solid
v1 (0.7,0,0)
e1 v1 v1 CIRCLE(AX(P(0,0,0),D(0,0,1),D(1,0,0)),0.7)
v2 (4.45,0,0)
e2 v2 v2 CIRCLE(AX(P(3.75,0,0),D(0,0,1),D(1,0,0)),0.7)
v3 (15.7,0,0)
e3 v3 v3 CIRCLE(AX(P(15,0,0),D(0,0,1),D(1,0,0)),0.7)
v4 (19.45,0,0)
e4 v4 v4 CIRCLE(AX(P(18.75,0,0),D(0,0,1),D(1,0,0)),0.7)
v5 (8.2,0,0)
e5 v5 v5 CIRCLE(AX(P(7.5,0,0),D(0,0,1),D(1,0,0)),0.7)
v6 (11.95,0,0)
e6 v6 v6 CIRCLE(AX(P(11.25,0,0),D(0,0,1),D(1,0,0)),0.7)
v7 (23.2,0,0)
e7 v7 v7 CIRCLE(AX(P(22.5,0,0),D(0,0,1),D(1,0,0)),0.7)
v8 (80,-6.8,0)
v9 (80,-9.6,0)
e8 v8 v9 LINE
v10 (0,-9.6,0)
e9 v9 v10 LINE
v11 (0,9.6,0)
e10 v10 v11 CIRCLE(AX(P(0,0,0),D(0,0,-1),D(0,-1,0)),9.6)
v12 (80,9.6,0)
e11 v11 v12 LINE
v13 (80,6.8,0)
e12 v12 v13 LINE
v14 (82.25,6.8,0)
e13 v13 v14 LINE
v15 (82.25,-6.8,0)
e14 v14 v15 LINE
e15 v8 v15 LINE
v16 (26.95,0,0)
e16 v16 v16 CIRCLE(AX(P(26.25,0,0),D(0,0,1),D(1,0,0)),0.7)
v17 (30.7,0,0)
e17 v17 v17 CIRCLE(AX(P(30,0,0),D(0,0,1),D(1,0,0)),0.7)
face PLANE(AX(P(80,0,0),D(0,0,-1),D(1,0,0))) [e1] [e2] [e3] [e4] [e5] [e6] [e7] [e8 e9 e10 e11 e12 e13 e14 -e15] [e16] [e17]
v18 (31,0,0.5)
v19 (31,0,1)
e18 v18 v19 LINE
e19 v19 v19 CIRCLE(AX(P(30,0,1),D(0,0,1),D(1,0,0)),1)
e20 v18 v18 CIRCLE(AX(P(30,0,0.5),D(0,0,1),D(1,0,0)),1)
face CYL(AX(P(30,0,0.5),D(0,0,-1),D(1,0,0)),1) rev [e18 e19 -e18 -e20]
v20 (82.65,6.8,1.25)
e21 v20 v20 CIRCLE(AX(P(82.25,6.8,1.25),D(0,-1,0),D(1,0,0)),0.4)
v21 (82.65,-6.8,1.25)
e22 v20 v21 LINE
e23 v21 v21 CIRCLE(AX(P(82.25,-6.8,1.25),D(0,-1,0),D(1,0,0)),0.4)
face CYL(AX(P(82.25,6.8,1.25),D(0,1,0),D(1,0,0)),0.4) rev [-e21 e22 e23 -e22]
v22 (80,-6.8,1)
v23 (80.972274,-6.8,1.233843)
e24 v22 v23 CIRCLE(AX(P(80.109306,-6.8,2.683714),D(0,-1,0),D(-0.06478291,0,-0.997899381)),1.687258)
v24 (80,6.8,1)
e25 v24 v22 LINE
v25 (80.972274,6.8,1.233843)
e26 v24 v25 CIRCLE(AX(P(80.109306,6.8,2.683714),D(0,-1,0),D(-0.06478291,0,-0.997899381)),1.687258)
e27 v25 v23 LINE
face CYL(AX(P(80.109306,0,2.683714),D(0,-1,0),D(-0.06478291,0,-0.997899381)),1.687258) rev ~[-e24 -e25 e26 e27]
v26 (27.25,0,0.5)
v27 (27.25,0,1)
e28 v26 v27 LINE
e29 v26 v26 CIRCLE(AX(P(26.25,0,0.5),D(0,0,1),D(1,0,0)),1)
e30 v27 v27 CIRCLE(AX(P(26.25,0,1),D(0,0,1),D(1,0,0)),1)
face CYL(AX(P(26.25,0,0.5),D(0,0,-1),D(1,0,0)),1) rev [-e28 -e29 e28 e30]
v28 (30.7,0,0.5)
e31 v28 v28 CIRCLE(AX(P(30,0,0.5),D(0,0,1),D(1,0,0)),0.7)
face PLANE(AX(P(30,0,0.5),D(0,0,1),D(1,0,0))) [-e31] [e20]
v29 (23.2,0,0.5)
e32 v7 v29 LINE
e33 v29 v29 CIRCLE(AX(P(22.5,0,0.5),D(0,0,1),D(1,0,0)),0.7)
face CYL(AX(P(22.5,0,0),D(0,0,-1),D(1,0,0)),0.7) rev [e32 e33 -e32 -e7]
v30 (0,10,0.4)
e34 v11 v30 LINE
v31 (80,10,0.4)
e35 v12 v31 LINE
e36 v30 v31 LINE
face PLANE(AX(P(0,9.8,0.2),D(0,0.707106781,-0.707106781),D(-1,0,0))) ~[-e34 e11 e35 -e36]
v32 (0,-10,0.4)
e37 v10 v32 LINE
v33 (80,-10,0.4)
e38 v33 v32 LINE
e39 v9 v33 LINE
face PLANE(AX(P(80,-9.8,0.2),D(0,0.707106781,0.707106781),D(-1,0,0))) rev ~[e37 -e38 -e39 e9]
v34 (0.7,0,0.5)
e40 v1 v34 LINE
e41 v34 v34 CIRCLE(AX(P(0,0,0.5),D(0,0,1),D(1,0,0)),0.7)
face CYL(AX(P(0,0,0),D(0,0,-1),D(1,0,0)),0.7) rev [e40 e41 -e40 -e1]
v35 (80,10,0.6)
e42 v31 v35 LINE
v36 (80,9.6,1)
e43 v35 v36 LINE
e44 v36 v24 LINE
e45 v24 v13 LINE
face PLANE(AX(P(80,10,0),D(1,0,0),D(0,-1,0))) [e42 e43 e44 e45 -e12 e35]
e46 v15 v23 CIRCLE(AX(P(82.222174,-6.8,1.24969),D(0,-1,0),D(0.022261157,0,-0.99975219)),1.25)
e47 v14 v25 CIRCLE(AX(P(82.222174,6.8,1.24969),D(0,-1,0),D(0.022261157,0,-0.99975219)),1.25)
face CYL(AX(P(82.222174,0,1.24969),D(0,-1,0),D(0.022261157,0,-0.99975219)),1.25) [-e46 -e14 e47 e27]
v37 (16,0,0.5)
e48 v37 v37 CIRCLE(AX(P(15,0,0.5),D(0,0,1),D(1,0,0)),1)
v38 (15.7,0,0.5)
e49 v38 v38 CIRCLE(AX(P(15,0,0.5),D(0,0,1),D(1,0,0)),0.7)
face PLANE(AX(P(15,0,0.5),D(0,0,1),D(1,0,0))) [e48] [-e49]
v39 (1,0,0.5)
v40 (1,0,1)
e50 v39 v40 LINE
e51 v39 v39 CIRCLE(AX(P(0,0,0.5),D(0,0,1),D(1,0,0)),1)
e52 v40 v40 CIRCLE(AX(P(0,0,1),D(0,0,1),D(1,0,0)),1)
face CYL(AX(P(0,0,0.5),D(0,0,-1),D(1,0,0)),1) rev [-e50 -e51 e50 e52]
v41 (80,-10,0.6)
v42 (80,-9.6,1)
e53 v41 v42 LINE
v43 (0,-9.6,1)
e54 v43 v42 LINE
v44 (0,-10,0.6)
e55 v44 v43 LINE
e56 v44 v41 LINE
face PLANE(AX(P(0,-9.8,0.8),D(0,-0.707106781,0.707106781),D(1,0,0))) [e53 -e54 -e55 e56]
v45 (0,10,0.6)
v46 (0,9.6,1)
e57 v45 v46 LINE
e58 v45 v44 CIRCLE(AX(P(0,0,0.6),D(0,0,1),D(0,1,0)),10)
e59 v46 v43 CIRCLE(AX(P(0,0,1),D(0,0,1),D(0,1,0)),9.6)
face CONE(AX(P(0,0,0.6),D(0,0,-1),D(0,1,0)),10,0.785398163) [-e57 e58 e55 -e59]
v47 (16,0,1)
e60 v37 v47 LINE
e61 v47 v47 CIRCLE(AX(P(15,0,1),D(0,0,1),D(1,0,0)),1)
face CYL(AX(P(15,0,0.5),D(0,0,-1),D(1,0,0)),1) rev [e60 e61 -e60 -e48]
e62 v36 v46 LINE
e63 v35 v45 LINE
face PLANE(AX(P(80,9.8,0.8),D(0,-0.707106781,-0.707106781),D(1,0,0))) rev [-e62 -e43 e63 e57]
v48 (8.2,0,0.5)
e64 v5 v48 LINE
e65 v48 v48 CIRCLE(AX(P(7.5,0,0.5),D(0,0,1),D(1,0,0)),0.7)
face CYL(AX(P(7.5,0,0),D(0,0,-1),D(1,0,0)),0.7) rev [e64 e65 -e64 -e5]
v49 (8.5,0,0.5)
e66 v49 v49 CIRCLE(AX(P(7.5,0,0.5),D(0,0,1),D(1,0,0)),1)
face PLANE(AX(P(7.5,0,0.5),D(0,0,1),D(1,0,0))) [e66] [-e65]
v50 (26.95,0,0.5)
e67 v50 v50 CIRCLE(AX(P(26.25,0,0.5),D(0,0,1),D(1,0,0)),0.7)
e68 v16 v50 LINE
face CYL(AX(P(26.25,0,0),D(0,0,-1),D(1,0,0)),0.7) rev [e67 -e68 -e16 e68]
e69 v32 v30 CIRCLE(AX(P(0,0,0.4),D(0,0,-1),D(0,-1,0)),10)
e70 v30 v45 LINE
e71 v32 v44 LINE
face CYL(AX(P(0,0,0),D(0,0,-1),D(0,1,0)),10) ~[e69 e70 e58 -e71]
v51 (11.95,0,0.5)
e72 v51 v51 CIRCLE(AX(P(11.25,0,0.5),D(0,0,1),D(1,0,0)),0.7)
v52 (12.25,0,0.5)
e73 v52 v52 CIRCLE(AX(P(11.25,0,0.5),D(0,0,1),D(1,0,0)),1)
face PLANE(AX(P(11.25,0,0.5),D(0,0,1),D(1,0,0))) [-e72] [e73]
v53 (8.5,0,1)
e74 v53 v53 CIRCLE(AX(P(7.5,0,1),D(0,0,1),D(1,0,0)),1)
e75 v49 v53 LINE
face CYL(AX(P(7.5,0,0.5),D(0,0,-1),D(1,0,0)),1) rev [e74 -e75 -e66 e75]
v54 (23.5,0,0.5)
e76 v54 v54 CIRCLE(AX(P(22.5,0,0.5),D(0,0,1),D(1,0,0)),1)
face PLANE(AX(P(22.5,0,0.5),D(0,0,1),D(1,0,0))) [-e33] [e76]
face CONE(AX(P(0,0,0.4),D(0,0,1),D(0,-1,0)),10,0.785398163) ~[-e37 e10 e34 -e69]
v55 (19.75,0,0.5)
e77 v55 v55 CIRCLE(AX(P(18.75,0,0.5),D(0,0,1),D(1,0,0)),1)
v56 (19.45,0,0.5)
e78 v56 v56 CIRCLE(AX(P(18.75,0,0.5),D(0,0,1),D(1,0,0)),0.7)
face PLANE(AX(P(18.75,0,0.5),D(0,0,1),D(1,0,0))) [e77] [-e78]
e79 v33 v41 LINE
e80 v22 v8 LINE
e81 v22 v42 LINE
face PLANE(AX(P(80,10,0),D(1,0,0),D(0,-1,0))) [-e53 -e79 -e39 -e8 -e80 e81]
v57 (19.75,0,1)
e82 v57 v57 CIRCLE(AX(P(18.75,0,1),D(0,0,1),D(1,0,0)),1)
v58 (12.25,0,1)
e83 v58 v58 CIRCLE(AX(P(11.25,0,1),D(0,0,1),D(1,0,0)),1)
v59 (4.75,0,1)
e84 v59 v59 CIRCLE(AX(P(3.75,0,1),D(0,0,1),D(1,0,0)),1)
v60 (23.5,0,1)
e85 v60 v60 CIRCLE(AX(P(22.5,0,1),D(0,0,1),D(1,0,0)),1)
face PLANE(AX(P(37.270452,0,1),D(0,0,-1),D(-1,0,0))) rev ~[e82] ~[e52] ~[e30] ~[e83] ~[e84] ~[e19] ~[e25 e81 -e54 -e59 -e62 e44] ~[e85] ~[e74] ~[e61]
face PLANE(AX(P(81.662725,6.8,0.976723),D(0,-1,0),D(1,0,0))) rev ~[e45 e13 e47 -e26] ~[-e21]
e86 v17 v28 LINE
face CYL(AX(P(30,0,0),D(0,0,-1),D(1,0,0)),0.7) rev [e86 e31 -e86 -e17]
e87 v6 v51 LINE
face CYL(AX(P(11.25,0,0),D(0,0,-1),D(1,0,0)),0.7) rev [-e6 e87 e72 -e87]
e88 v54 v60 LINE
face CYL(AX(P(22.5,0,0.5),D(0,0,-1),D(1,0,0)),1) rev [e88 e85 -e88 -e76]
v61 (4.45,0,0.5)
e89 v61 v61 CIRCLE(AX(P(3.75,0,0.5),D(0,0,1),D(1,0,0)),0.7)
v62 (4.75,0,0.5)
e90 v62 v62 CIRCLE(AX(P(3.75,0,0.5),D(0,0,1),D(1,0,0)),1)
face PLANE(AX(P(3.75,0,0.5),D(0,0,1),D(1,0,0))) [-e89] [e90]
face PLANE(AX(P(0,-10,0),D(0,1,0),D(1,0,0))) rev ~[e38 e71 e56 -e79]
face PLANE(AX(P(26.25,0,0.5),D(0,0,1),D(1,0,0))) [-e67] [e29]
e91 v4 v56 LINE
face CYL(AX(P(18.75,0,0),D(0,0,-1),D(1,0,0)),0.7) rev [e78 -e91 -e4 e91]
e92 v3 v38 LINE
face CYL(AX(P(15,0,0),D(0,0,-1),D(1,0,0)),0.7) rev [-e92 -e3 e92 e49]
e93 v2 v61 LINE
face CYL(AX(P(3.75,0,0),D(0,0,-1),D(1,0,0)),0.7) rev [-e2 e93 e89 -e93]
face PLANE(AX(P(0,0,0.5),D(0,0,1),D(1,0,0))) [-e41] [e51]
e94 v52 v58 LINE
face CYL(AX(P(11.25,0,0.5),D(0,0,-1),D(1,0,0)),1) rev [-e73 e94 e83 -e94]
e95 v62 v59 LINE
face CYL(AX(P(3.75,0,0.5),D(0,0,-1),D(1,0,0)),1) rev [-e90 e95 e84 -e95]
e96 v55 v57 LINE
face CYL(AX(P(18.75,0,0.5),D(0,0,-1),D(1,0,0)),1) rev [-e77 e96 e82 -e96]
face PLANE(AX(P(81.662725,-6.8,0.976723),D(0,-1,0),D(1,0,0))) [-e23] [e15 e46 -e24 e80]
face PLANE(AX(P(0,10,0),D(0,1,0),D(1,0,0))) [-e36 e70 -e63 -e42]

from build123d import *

# Parameters (mm, degrees)
PAD_DEPTH              = 1
PAD001_DEPTH           = 6.8
PAD001_DEPTH_BACK      = 6.8
CYLINDER_R             = 0.4
CYLINDER_DEPTH         = 13.6
CYLINDER001_R          = 1
CYLINDER001_DEPTH      = 0.5
LINEARPATTERN_COUNT    = 9
LINEARPATTERN_PITCH    = 3.75
CYLINDER002_R          = 0.7
CYLINDER002_DEPTH      = 0.5
LINEARPATTERN001_COUNT = 9
LINEARPATTERN001_PITCH = 3.75
CHAMFER_SIZE           = 0.4


with BuildPart() as part:
    # Sketch → Pad (new body)
    with BuildSketch(Plane.XY):
        with BuildLine():
            Line((0, 10), (80, 10))
            Line((80, 10), (80, -10))
            Line((0, -10), (80, -10))
            ThreePointArc((0, 10), (-10, 0), (0, -10))
        make_face()
    extrude(amount=PAD_DEPTH)

    # Sketch002 (on Sketch) → Pad001 (join, two sides)
    with BuildSketch(Plane.XZ) as pad001_sk:
        with BuildLine():
            Line((80, 0), (82.25, 0))
            ThreePointArc((82.25, 0), (83.090481, 2.14888), (80.972274, 1.233843))
            ThreePointArc((80, 1), (80.503859, 1.043236), (80.972274, 1.233843))
            Line((80, 1), (80, 0))
        make_face()
    extrude(amount=PAD001_DEPTH)
    extrude(pad001_sk.sketch, amount=-PAD001_DEPTH_BACK)

    # Cylinder → Cylinder (cut)
    with BuildSketch(Plane(origin=(82.25, 6.8, 1.25), x_dir=(1, 0, 0), z_dir=(0, -1, 0))):
        Circle(CYLINDER_R)
    extrude(amount=CYLINDER_DEPTH, mode=Mode.SUBTRACT)

    # Cylinder001 → Cylinder001 (cut)
    with BuildSketch(Plane.XY.offset(0.5)):
        Circle(CYLINDER001_R)
    cylinder001 = extrude(amount=CYLINDER001_DEPTH, mode=Mode.SUBTRACT)

    # LinearPattern: Cylinder001 ×9
    with Locations(*[(i * LINEARPATTERN_PITCH, 0, 0) for i in range(1, LINEARPATTERN_COUNT)]):
        add(cylinder001, mode=Mode.SUBTRACT)

    # Cylinder002 → Cylinder002 (cut)
    with BuildSketch(Plane.XY):
        Circle(CYLINDER002_R)
    cylinder002 = extrude(amount=CYLINDER002_DEPTH, mode=Mode.SUBTRACT)

    # LinearPattern001: Cylinder002 ×9
    with Locations(*[(i * LINEARPATTERN001_PITCH, 0, 0) for i in range(1, LINEARPATTERN001_COUNT)]):
        add(cylinder002, mode=Mode.SUBTRACT)

    # Chamfer
    chamfer_edges = [part.edges().sort_by_distance(p)[0] for p in [
        (40, -10, 1),
        (40, 10, 1),
        (-10, 0, 1),
        (40, 10, 0),
        (40, -10, 0),
        (-10, 0, 0),
    ]]
    chamfer(chamfer_edges, length=CHAMFER_SIZE)


solid = part.part
